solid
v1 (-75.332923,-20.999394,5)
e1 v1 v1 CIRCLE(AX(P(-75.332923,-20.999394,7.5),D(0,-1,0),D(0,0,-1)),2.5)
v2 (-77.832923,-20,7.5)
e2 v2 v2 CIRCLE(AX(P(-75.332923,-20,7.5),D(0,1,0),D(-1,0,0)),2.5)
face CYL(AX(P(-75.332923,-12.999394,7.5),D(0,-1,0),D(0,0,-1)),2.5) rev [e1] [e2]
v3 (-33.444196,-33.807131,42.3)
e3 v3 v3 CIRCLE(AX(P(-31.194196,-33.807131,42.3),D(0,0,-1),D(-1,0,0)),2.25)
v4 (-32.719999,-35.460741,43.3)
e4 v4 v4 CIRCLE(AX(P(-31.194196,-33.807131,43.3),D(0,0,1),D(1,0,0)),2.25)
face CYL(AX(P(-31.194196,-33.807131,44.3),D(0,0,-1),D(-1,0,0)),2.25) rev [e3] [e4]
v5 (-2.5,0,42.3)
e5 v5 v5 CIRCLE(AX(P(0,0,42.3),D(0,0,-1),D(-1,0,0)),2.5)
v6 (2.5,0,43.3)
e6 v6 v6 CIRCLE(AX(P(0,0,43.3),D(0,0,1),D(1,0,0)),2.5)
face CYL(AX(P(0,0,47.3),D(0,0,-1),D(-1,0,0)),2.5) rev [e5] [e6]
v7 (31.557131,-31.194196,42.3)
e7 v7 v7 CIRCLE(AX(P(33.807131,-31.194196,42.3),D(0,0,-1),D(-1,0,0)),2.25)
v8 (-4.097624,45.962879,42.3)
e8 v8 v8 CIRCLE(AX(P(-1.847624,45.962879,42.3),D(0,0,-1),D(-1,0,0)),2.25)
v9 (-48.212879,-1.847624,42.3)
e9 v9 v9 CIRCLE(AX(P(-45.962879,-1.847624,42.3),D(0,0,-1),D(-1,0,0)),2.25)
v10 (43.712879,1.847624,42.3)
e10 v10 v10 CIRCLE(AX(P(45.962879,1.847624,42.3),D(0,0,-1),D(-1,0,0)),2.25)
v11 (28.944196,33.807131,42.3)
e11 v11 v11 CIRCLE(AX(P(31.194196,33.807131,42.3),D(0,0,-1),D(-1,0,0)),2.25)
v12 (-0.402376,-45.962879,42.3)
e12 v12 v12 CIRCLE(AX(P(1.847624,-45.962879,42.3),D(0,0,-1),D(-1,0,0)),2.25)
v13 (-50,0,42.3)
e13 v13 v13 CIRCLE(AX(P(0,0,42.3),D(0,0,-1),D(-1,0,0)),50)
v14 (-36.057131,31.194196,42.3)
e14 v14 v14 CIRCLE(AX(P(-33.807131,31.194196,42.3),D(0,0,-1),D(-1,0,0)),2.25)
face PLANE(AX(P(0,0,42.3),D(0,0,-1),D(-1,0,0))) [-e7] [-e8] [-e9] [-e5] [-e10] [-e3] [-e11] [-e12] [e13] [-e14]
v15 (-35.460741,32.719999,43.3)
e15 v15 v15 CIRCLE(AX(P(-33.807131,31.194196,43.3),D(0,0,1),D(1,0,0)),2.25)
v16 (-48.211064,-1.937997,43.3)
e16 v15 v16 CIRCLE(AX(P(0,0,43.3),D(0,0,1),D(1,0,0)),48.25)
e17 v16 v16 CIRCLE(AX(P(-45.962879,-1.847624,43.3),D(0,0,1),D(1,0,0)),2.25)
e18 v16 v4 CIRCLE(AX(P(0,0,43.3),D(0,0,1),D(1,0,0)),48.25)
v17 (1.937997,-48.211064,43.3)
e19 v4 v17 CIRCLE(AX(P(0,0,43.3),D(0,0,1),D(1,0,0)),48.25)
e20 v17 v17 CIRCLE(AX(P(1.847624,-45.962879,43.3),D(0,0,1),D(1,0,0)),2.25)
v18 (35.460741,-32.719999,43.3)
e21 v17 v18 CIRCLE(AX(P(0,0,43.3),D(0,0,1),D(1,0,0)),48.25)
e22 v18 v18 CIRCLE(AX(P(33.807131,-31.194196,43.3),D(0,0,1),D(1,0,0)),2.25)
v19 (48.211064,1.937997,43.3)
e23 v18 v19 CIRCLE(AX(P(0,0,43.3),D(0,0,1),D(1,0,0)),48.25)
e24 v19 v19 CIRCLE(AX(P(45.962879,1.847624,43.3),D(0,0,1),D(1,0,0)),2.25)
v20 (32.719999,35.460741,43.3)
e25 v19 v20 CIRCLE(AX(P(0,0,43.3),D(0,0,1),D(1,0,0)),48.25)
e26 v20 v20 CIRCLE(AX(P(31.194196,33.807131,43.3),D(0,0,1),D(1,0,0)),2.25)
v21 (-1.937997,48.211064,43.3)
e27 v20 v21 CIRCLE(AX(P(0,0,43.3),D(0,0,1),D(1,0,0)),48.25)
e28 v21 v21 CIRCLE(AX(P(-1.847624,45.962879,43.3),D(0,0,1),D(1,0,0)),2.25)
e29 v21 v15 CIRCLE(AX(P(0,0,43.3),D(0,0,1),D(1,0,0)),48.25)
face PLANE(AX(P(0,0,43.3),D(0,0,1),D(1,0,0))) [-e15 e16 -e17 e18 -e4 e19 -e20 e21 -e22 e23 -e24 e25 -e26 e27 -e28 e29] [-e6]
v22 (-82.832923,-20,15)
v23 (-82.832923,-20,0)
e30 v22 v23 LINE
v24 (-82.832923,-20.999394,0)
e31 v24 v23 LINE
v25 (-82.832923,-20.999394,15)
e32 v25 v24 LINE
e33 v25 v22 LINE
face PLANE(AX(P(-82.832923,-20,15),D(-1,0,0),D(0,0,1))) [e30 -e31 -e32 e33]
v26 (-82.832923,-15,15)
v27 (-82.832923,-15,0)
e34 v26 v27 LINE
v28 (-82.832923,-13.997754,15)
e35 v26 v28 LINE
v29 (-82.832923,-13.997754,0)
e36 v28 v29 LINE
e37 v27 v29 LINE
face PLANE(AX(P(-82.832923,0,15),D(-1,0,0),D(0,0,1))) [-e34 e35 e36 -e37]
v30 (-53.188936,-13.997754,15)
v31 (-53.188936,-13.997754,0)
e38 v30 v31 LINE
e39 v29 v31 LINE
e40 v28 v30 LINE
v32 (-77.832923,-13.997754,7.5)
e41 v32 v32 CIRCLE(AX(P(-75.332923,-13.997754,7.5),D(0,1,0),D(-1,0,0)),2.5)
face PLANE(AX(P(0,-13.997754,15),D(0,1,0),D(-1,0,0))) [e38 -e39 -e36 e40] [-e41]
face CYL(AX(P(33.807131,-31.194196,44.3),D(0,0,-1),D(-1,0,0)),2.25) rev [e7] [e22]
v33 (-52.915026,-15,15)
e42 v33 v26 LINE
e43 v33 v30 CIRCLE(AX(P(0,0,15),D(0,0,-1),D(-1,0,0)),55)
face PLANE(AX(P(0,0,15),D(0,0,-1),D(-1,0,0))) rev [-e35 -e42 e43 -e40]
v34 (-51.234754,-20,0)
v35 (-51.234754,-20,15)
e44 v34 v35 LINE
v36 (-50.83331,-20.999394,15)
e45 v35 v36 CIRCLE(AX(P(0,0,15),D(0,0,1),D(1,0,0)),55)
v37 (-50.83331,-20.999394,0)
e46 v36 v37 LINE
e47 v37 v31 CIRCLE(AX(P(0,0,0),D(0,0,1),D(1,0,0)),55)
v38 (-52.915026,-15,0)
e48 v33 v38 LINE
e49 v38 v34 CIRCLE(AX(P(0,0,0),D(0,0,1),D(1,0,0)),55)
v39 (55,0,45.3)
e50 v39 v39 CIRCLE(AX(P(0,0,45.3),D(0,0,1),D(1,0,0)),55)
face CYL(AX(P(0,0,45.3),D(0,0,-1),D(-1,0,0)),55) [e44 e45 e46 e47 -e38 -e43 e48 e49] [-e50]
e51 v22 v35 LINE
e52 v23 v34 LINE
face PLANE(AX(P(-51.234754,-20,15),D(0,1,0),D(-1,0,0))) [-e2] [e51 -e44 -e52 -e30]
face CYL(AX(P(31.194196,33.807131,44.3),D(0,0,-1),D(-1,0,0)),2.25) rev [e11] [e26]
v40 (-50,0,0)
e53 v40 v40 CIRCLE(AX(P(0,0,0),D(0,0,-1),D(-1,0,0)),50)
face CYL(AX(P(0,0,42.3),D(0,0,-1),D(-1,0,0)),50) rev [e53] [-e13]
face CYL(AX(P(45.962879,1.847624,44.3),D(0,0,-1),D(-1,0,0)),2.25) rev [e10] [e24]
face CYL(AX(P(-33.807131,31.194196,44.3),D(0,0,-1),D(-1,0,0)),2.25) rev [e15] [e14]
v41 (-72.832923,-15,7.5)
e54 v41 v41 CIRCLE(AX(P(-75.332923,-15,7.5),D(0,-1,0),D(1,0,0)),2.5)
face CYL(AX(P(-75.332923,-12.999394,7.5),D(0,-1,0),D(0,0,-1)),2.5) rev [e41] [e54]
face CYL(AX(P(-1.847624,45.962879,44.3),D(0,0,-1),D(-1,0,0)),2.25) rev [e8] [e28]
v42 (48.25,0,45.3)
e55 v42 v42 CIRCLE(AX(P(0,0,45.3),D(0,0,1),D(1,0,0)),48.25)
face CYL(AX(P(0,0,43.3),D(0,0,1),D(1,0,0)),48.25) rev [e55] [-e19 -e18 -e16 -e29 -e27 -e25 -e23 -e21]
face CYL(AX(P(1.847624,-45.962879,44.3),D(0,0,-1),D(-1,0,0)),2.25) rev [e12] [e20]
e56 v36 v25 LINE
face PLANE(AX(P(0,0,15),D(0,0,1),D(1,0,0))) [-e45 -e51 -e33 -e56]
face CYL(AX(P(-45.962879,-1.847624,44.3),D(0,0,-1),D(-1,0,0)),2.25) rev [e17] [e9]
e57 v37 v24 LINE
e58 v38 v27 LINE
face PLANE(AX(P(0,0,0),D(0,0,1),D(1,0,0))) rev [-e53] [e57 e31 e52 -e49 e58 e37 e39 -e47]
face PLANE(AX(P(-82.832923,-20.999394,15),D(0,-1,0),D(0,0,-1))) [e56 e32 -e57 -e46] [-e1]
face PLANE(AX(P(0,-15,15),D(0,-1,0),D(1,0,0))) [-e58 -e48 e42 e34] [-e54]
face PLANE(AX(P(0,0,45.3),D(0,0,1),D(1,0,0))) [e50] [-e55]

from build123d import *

# Parameters (mm, degrees)
SKETCH_1_R          = 55
EXTRUDE_3_DEPTH     = 45.3
SKETCH_5_R          = 50
CUT_EXTRUDE_3_DEPTH = 42.3
SKETCH_8_R          = 48.25
CUT_EXTRUDE_4_DEPTH = 2
SKETCH_6_R          = 2.25
CUT_EXTRUDE_6_DEPTH = 2
SKETCH_10_R         = 2.5
CUT_EXTRUDE_7_DEPTH = 5
EXTRUDE_9_DEPTH     = 15
EXTRUDE_10_DEPTH    = 15
SKETCH_20_R         = 2.5
CUT_EXTRUDE_9_DEPTH = 8


with BuildPart() as part:
    # 草图1 → 凸台-拉伸3 (new body)
    with BuildSketch(Plane.XY):
        Circle(SKETCH_1_R)
    extrude(amount=EXTRUDE_3_DEPTH)

    # 草图5 → 切除-拉伸3 (cut)
    with BuildSketch(Plane(origin=(0, 0, 0), x_dir=(-1, 0, 0), z_dir=(0, 0, -1))):
        Circle(SKETCH_5_R)
    extrude(amount=-CUT_EXTRUDE_3_DEPTH, mode=Mode.SUBTRACT)

    # 草图8 → 切除-拉伸4 (cut)
    with BuildSketch(Plane.XY.offset(45.3)):
        Circle(SKETCH_8_R)
    extrude(amount=-CUT_EXTRUDE_4_DEPTH, mode=Mode.SUBTRACT)

    # 草图6 → 切除-拉伸6 (cut)
    with BuildSketch(Plane(origin=(0, 0, 42.3), x_dir=(-1, 0, 0), z_dir=(0, 0, -1))):
        with Locations((31.194195936, -33.807131495)):
            Circle(SKETCH_6_R)
        with Locations((-1.847624453, -45.962879412)):
            Circle(SKETCH_6_R)
        with Locations((-33.807131495, -31.194195936)):
            Circle(SKETCH_6_R)
        with Locations((-45.962879412, 1.847624453)):
            Circle(SKETCH_6_R)
        with Locations((-31.194195936, 33.807131495)):
            Circle(SKETCH_6_R)
        with Locations((1.847624453, 45.962879412)):
            Circle(SKETCH_6_R)
        with Locations((33.807131495, 31.194195936)):
            Circle(SKETCH_6_R)
        with Locations((45.962879412, -1.847624453)):
            Circle(SKETCH_6_R)
    extrude(amount=-CUT_EXTRUDE_6_DEPTH, mode=Mode.SUBTRACT)

    # 草图10 → 切除-拉伸7 (cut)
    with BuildSketch(Plane(origin=(0, 0, 42.3), x_dir=(-1, 0, 0), z_dir=(0, 0, -1))):
        Circle(SKETCH_10_R)
    extrude(amount=-CUT_EXTRUDE_7_DEPTH, mode=Mode.SUBTRACT)

    # 草图18 → 凸台-拉伸9 (add)
    with BuildSketch(Plane(origin=(0, 0, 0), x_dir=(-1, 0, 0), z_dir=(0, 0, -1))):
        with BuildLine():
            ThreePointArc((53.188935765, -13.997753828), (53.054347717, -14.499523729), (52.915026221, -15))
            Line((52.915026221, -15), (82.832922753, -15))
            Line((82.832922753, -15), (82.832922753, -13.997753828))
            Line((82.832922753, -13.997753828), (53.188935765, -13.997753828))
        make_face()
    extrude(amount=-EXTRUDE_9_DEPTH)

    # 草图19 → 凸台-拉伸10 (add)
    with BuildSketch(Plane(origin=(0, 0, 0), x_dir=(-1, 0, 0), z_dir=(0, 0, -1))):
        Polygon((51.23475383, -20), (82.832922753, -20), (82.832922753, -20.999394473), (50.765297242, -20.999394473), (51.225275396, -20), align=None)
    extrude(amount=-EXTRUDE_10_DEPTH)

    # 草图20 → 切除-拉伸9 (cut)
    with BuildSketch(Plane(origin=(0, -20.999394473, 0), x_dir=(-1, 0, 0), z_dir=(0, -1, 0))):
        with Locations(Location((75.332922753, -7.5, 0), (0, 0, 90))):
            Circle(SKETCH_20_R)
    extrude(amount=-CUT_EXTRUDE_9_DEPTH, mode=Mode.SUBTRACT)


solid = part.part
